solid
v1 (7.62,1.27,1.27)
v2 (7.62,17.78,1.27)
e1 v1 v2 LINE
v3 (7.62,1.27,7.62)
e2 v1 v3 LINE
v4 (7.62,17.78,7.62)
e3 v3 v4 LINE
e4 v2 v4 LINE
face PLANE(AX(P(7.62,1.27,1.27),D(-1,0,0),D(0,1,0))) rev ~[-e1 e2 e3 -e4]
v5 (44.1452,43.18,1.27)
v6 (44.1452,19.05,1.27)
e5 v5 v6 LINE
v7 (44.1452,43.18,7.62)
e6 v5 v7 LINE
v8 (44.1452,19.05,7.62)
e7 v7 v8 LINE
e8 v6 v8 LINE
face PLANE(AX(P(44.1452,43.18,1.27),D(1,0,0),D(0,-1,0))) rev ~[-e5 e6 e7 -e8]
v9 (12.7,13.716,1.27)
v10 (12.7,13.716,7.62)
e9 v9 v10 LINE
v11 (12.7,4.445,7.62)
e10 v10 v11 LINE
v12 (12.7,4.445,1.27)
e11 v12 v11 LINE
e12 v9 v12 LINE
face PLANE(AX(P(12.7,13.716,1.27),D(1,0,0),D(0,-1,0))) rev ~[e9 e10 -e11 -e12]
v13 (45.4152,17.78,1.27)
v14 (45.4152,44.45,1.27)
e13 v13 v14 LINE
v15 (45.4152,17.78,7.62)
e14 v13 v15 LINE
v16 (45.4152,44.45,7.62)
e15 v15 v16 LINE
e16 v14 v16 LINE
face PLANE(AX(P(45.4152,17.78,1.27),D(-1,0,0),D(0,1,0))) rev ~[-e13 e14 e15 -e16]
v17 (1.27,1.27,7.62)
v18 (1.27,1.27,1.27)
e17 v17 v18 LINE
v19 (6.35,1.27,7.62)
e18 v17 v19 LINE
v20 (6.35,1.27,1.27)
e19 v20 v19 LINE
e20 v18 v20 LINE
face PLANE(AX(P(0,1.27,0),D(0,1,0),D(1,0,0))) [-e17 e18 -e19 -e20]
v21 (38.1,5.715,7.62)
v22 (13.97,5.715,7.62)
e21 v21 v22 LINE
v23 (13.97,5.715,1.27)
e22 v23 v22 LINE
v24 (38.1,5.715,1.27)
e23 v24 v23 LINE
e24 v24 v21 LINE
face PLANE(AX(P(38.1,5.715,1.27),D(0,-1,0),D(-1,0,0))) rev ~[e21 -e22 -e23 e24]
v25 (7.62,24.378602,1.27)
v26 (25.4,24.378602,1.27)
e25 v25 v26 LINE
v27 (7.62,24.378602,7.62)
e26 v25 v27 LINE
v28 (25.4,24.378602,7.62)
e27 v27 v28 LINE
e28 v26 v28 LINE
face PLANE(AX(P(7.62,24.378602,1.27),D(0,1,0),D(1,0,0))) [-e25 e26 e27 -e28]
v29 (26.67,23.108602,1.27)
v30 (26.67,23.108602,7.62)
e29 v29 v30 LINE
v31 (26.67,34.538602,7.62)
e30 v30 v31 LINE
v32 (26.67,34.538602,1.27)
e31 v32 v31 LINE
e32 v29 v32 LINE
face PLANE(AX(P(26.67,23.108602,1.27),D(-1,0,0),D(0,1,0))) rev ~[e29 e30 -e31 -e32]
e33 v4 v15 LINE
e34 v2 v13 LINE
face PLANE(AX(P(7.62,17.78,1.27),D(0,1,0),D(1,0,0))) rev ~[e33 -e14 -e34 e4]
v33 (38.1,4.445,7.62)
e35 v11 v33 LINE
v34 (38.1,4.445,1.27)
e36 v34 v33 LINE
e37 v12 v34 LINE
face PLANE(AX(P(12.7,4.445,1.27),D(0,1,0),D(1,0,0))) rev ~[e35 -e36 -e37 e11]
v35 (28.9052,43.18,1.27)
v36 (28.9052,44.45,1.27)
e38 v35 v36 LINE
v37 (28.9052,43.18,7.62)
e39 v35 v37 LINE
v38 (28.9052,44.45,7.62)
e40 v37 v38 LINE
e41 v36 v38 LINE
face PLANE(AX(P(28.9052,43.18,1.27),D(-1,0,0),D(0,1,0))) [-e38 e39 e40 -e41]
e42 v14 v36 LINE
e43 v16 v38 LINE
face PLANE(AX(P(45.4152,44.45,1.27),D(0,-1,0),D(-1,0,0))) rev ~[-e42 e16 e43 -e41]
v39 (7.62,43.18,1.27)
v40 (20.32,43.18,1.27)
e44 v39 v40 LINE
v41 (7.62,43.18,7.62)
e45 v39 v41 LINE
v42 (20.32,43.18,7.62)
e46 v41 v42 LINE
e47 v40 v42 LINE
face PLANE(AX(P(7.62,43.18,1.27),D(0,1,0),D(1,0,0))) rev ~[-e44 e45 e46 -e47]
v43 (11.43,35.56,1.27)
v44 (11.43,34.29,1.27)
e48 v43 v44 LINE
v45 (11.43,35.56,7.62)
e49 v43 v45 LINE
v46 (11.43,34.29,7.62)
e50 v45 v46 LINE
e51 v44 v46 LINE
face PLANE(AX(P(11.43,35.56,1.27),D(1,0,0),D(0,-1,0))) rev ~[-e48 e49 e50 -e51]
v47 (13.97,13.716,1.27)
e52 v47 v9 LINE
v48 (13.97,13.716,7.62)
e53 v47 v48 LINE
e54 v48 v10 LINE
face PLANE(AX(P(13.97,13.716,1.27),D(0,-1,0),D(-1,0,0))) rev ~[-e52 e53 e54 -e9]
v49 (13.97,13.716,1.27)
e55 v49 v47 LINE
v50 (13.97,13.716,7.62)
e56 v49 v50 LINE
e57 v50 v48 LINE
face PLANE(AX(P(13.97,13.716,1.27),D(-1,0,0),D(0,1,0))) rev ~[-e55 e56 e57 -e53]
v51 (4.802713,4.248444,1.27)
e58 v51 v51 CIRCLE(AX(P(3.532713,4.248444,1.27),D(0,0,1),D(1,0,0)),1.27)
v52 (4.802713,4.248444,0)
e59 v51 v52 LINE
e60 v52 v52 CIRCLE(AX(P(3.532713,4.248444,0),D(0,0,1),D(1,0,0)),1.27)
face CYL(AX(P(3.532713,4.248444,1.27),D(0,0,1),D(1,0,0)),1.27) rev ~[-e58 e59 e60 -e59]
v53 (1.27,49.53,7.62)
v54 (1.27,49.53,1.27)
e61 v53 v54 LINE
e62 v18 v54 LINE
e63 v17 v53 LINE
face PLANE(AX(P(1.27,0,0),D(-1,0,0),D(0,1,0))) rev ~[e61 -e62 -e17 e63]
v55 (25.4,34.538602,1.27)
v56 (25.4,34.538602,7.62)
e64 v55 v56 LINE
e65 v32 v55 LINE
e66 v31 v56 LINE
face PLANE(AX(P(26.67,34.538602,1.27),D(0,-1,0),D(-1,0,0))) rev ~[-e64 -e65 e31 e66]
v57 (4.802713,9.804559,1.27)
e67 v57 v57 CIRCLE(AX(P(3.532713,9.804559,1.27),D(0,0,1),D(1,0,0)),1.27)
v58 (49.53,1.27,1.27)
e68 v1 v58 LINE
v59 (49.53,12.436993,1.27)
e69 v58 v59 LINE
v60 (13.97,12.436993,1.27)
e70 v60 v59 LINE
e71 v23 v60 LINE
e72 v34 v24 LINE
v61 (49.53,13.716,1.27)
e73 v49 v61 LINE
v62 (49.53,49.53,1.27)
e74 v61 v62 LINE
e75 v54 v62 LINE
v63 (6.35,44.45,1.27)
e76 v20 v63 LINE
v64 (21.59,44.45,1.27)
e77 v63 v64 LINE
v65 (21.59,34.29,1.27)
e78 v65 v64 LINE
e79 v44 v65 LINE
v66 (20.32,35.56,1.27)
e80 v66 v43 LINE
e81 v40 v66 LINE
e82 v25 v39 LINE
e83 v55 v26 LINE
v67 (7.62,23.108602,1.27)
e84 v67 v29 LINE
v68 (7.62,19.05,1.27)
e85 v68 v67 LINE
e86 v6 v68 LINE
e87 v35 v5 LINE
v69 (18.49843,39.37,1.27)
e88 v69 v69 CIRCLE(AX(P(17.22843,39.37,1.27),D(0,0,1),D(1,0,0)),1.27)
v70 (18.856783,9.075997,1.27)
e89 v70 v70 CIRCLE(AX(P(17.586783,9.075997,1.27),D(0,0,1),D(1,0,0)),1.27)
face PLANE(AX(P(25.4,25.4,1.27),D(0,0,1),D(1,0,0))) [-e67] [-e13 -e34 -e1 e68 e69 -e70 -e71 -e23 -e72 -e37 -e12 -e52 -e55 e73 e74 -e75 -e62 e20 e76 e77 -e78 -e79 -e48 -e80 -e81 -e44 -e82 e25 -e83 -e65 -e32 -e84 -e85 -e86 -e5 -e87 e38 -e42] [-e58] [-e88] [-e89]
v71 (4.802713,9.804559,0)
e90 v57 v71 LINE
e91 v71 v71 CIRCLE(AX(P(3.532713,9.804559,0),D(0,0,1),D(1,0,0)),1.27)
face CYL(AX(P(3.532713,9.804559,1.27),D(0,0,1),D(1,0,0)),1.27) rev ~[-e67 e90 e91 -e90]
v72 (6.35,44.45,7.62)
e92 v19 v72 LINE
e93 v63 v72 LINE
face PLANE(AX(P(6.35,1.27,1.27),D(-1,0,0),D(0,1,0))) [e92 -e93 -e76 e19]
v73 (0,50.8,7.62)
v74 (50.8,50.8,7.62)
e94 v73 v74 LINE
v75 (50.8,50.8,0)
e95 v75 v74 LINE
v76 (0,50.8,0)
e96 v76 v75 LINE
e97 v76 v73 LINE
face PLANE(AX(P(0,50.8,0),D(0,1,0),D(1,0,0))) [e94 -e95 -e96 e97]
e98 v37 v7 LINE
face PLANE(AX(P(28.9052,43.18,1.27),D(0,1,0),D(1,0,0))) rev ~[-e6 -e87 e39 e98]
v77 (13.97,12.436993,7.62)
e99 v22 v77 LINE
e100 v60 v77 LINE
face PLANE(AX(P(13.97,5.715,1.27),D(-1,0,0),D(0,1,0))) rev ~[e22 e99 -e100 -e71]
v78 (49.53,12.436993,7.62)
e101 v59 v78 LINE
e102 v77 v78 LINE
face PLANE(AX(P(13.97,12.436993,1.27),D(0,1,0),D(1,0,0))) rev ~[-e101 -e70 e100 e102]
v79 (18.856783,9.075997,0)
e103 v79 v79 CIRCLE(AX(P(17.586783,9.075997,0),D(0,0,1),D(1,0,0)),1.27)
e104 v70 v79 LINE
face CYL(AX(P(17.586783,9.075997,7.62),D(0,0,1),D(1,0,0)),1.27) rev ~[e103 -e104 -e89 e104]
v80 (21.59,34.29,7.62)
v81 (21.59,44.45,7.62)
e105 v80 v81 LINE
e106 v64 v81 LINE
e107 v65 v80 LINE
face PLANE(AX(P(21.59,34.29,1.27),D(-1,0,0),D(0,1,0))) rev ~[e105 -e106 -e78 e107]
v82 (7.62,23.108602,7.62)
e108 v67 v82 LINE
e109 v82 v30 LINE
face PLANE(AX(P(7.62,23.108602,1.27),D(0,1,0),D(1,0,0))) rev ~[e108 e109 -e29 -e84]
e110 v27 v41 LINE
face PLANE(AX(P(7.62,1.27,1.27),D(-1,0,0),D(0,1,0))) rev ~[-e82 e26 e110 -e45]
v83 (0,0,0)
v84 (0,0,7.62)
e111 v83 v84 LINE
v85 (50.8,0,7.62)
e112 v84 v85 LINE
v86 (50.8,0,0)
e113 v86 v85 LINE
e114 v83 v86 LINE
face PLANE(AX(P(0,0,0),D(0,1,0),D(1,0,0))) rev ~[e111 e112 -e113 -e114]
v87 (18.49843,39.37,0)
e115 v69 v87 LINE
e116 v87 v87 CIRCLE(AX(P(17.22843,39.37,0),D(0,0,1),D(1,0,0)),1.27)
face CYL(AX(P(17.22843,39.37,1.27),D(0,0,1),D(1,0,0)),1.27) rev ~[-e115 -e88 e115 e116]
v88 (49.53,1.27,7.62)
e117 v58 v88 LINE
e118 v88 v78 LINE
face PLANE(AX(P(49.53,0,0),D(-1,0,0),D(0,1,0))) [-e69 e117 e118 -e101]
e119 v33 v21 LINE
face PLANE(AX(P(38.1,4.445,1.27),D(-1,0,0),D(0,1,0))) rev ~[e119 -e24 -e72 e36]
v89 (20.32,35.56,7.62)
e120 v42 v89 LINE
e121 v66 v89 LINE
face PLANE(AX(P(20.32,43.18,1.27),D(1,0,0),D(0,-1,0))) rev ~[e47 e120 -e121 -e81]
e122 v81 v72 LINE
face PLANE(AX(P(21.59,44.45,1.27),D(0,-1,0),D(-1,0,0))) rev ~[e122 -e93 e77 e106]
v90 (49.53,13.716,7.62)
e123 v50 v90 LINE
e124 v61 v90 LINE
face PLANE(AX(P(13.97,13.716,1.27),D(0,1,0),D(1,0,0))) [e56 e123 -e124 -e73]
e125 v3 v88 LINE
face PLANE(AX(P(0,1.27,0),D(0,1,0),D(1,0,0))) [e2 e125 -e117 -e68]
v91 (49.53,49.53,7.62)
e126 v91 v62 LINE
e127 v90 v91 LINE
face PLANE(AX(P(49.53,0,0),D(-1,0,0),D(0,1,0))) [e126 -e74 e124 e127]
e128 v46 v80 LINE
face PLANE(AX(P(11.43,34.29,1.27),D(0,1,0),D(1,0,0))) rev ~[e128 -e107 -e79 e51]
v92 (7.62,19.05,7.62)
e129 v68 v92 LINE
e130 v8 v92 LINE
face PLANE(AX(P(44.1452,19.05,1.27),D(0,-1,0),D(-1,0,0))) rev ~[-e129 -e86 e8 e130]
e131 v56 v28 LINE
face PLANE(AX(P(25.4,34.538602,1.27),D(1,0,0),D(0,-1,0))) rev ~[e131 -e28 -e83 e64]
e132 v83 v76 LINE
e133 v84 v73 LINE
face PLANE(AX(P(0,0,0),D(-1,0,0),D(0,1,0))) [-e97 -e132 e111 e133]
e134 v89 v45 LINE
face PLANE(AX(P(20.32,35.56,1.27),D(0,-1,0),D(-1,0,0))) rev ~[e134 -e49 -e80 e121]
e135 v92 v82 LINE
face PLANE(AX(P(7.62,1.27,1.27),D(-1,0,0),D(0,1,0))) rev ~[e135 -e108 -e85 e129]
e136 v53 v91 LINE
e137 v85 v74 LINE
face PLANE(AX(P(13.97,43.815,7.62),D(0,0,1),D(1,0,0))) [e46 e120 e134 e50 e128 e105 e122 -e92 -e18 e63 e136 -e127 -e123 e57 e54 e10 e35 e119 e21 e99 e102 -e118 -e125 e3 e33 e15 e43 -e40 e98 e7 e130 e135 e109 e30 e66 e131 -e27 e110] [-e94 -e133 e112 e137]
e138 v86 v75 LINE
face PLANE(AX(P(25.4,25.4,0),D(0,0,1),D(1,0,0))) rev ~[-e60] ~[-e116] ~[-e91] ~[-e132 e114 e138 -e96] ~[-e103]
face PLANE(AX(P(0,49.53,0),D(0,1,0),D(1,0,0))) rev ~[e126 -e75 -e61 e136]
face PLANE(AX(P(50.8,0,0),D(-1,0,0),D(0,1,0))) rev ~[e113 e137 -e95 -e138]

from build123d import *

# Parameters (mm, degrees)
F0_W       = 50.8
F0_H       = 50.8
F1_DEPTH   = 7.62
F2_T       = -1.27
F3_W       = 1.27
F3_H       = 43.18
F4_DEPTH   = 6.35
F5_R       = 1.27
F6_DEPTH   = 25.4
F7_W       = 12.7
F7_H       = 1.27
F8_DEPTH   = 6.35
F9_R       = 1.27
F10_DEPTH  = 25.4
F11_W      = 15.24
F11_H      = 1.27
F11_W_2    = 17.78
F12_DEPTH  = 6.35
F13_W      = 35.56
F13_H      = 1.279007
F13_R      = 1.27
F14_DEPTH  = 6.35
F14_FACE_R = 1.27
F15_DEPTH  = 25.4


with BuildPart() as f1:
    # F0 (on Top) → F1 (new body)
    with BuildSketch(Plane.XY):
        with Locations((25.4, 25.4)):
            Rectangle(F0_W, F0_H)
    extrude(amount=F1_DEPTH)

    # F2
    f2_openings = [f1.faces().sort_by_distance(p)[0] for p in [
        (25.4, 25.4, 7.62),
    ]]
    offset(amount=F2_T, openings=f2_openings)

    # F3 (on face) → F4 (join)
    with BuildSketch(Plane.XY.offset(1.27)):
        with Locations((6.985, 22.86)):
            Rectangle(F3_W, F3_H)
    extrude(amount=F4_DEPTH)

    # F5 (on face) → F6 (cut)
    with BuildSketch(Plane.XY.offset(1.27)):
        with Locations((3.532713, 9.804559)):
            Circle(F5_R)
        with Locations((3.532713, 4.248444)):
            Circle(F5_R)
    extrude(amount=-F6_DEPTH, mode=Mode.SUBTRACT)

    # F7 (on face) → F8 (join)
    with BuildSketch(Plane.XY.offset(1.27)):
        with Locations((13.97, 43.815)):
            Rectangle(F7_W, F7_H)
        Polygon((21.59, 44.45), (20.32, 44.45), (20.32, 43.18), (20.32, 35.56), (21.59, 35.56), align=None)
        Polygon((21.59, 35.56), (20.32, 35.56), (11.43, 35.56), (11.43, 34.29), (21.59, 34.29), align=None)
    extrude(amount=F8_DEPTH)

    # F9 (on face) → F10 (cut)
    with BuildSketch(Plane.XY.offset(1.27)):
        with Locations((17.22843, 39.37)):
            Circle(F9_R)
    extrude(amount=-F10_DEPTH, mode=Mode.SUBTRACT)

    # F11 (on face) → F12 (join)
    with BuildSketch(Plane.XY.offset(1.27)):
        with Locations((36.5252, 43.815)):
            Rectangle(F11_W, F11_H)
        Polygon((44.1452, 44.45), (44.1452, 43.18), (44.1452, 19.05), (45.4152, 19.05), (45.4152, 44.45), align=None)
        Polygon((45.4152, 19.05), (44.1452, 19.05), (7.62, 19.05), (7.62, 17.78), (45.4152, 17.78), align=None)
        with Locations((16.51, 23.743602)):
            Rectangle(F11_W_2, F11_H)
        Polygon((25.4, 34.538602), (25.4, 24.378602), (25.4, 23.108602), (26.67, 23.108602), (26.67, 34.538602), align=None)
    extrude(amount=F12_DEPTH)

    # F13 (on face) → F14 (join)
    with BuildSketch(Plane.XY.offset(1.27)):
        Polygon((13.97, 12.436993), (13.97, 13.716), (12.7, 13.716), (12.7, 5.715), (13.97, 5.715), align=None)
        with Locations((31.75, 13.076496)):
            Rectangle(F13_W, F13_H)
        Polygon((13.97, 5.715), (12.7, 5.715), (12.7, 4.445), (38.1, 4.445), (38.1, 5.715), align=None)
        with Locations((17.586783, 9.075997)):
            Circle(F13_R)
    extrude(amount=F14_DEPTH)

    # F14_face (on face) → F15 (cut)
    with BuildSketch(Plane(origin=(17.586783, 9.075997, 7.62), x_dir=(1, 0, 0), z_dir=(0, 0, 1))):
        Circle(F14_FACE_R)
    extrude(amount=-F15_DEPTH, mode=Mode.SUBTRACT)


solid = f1.part
